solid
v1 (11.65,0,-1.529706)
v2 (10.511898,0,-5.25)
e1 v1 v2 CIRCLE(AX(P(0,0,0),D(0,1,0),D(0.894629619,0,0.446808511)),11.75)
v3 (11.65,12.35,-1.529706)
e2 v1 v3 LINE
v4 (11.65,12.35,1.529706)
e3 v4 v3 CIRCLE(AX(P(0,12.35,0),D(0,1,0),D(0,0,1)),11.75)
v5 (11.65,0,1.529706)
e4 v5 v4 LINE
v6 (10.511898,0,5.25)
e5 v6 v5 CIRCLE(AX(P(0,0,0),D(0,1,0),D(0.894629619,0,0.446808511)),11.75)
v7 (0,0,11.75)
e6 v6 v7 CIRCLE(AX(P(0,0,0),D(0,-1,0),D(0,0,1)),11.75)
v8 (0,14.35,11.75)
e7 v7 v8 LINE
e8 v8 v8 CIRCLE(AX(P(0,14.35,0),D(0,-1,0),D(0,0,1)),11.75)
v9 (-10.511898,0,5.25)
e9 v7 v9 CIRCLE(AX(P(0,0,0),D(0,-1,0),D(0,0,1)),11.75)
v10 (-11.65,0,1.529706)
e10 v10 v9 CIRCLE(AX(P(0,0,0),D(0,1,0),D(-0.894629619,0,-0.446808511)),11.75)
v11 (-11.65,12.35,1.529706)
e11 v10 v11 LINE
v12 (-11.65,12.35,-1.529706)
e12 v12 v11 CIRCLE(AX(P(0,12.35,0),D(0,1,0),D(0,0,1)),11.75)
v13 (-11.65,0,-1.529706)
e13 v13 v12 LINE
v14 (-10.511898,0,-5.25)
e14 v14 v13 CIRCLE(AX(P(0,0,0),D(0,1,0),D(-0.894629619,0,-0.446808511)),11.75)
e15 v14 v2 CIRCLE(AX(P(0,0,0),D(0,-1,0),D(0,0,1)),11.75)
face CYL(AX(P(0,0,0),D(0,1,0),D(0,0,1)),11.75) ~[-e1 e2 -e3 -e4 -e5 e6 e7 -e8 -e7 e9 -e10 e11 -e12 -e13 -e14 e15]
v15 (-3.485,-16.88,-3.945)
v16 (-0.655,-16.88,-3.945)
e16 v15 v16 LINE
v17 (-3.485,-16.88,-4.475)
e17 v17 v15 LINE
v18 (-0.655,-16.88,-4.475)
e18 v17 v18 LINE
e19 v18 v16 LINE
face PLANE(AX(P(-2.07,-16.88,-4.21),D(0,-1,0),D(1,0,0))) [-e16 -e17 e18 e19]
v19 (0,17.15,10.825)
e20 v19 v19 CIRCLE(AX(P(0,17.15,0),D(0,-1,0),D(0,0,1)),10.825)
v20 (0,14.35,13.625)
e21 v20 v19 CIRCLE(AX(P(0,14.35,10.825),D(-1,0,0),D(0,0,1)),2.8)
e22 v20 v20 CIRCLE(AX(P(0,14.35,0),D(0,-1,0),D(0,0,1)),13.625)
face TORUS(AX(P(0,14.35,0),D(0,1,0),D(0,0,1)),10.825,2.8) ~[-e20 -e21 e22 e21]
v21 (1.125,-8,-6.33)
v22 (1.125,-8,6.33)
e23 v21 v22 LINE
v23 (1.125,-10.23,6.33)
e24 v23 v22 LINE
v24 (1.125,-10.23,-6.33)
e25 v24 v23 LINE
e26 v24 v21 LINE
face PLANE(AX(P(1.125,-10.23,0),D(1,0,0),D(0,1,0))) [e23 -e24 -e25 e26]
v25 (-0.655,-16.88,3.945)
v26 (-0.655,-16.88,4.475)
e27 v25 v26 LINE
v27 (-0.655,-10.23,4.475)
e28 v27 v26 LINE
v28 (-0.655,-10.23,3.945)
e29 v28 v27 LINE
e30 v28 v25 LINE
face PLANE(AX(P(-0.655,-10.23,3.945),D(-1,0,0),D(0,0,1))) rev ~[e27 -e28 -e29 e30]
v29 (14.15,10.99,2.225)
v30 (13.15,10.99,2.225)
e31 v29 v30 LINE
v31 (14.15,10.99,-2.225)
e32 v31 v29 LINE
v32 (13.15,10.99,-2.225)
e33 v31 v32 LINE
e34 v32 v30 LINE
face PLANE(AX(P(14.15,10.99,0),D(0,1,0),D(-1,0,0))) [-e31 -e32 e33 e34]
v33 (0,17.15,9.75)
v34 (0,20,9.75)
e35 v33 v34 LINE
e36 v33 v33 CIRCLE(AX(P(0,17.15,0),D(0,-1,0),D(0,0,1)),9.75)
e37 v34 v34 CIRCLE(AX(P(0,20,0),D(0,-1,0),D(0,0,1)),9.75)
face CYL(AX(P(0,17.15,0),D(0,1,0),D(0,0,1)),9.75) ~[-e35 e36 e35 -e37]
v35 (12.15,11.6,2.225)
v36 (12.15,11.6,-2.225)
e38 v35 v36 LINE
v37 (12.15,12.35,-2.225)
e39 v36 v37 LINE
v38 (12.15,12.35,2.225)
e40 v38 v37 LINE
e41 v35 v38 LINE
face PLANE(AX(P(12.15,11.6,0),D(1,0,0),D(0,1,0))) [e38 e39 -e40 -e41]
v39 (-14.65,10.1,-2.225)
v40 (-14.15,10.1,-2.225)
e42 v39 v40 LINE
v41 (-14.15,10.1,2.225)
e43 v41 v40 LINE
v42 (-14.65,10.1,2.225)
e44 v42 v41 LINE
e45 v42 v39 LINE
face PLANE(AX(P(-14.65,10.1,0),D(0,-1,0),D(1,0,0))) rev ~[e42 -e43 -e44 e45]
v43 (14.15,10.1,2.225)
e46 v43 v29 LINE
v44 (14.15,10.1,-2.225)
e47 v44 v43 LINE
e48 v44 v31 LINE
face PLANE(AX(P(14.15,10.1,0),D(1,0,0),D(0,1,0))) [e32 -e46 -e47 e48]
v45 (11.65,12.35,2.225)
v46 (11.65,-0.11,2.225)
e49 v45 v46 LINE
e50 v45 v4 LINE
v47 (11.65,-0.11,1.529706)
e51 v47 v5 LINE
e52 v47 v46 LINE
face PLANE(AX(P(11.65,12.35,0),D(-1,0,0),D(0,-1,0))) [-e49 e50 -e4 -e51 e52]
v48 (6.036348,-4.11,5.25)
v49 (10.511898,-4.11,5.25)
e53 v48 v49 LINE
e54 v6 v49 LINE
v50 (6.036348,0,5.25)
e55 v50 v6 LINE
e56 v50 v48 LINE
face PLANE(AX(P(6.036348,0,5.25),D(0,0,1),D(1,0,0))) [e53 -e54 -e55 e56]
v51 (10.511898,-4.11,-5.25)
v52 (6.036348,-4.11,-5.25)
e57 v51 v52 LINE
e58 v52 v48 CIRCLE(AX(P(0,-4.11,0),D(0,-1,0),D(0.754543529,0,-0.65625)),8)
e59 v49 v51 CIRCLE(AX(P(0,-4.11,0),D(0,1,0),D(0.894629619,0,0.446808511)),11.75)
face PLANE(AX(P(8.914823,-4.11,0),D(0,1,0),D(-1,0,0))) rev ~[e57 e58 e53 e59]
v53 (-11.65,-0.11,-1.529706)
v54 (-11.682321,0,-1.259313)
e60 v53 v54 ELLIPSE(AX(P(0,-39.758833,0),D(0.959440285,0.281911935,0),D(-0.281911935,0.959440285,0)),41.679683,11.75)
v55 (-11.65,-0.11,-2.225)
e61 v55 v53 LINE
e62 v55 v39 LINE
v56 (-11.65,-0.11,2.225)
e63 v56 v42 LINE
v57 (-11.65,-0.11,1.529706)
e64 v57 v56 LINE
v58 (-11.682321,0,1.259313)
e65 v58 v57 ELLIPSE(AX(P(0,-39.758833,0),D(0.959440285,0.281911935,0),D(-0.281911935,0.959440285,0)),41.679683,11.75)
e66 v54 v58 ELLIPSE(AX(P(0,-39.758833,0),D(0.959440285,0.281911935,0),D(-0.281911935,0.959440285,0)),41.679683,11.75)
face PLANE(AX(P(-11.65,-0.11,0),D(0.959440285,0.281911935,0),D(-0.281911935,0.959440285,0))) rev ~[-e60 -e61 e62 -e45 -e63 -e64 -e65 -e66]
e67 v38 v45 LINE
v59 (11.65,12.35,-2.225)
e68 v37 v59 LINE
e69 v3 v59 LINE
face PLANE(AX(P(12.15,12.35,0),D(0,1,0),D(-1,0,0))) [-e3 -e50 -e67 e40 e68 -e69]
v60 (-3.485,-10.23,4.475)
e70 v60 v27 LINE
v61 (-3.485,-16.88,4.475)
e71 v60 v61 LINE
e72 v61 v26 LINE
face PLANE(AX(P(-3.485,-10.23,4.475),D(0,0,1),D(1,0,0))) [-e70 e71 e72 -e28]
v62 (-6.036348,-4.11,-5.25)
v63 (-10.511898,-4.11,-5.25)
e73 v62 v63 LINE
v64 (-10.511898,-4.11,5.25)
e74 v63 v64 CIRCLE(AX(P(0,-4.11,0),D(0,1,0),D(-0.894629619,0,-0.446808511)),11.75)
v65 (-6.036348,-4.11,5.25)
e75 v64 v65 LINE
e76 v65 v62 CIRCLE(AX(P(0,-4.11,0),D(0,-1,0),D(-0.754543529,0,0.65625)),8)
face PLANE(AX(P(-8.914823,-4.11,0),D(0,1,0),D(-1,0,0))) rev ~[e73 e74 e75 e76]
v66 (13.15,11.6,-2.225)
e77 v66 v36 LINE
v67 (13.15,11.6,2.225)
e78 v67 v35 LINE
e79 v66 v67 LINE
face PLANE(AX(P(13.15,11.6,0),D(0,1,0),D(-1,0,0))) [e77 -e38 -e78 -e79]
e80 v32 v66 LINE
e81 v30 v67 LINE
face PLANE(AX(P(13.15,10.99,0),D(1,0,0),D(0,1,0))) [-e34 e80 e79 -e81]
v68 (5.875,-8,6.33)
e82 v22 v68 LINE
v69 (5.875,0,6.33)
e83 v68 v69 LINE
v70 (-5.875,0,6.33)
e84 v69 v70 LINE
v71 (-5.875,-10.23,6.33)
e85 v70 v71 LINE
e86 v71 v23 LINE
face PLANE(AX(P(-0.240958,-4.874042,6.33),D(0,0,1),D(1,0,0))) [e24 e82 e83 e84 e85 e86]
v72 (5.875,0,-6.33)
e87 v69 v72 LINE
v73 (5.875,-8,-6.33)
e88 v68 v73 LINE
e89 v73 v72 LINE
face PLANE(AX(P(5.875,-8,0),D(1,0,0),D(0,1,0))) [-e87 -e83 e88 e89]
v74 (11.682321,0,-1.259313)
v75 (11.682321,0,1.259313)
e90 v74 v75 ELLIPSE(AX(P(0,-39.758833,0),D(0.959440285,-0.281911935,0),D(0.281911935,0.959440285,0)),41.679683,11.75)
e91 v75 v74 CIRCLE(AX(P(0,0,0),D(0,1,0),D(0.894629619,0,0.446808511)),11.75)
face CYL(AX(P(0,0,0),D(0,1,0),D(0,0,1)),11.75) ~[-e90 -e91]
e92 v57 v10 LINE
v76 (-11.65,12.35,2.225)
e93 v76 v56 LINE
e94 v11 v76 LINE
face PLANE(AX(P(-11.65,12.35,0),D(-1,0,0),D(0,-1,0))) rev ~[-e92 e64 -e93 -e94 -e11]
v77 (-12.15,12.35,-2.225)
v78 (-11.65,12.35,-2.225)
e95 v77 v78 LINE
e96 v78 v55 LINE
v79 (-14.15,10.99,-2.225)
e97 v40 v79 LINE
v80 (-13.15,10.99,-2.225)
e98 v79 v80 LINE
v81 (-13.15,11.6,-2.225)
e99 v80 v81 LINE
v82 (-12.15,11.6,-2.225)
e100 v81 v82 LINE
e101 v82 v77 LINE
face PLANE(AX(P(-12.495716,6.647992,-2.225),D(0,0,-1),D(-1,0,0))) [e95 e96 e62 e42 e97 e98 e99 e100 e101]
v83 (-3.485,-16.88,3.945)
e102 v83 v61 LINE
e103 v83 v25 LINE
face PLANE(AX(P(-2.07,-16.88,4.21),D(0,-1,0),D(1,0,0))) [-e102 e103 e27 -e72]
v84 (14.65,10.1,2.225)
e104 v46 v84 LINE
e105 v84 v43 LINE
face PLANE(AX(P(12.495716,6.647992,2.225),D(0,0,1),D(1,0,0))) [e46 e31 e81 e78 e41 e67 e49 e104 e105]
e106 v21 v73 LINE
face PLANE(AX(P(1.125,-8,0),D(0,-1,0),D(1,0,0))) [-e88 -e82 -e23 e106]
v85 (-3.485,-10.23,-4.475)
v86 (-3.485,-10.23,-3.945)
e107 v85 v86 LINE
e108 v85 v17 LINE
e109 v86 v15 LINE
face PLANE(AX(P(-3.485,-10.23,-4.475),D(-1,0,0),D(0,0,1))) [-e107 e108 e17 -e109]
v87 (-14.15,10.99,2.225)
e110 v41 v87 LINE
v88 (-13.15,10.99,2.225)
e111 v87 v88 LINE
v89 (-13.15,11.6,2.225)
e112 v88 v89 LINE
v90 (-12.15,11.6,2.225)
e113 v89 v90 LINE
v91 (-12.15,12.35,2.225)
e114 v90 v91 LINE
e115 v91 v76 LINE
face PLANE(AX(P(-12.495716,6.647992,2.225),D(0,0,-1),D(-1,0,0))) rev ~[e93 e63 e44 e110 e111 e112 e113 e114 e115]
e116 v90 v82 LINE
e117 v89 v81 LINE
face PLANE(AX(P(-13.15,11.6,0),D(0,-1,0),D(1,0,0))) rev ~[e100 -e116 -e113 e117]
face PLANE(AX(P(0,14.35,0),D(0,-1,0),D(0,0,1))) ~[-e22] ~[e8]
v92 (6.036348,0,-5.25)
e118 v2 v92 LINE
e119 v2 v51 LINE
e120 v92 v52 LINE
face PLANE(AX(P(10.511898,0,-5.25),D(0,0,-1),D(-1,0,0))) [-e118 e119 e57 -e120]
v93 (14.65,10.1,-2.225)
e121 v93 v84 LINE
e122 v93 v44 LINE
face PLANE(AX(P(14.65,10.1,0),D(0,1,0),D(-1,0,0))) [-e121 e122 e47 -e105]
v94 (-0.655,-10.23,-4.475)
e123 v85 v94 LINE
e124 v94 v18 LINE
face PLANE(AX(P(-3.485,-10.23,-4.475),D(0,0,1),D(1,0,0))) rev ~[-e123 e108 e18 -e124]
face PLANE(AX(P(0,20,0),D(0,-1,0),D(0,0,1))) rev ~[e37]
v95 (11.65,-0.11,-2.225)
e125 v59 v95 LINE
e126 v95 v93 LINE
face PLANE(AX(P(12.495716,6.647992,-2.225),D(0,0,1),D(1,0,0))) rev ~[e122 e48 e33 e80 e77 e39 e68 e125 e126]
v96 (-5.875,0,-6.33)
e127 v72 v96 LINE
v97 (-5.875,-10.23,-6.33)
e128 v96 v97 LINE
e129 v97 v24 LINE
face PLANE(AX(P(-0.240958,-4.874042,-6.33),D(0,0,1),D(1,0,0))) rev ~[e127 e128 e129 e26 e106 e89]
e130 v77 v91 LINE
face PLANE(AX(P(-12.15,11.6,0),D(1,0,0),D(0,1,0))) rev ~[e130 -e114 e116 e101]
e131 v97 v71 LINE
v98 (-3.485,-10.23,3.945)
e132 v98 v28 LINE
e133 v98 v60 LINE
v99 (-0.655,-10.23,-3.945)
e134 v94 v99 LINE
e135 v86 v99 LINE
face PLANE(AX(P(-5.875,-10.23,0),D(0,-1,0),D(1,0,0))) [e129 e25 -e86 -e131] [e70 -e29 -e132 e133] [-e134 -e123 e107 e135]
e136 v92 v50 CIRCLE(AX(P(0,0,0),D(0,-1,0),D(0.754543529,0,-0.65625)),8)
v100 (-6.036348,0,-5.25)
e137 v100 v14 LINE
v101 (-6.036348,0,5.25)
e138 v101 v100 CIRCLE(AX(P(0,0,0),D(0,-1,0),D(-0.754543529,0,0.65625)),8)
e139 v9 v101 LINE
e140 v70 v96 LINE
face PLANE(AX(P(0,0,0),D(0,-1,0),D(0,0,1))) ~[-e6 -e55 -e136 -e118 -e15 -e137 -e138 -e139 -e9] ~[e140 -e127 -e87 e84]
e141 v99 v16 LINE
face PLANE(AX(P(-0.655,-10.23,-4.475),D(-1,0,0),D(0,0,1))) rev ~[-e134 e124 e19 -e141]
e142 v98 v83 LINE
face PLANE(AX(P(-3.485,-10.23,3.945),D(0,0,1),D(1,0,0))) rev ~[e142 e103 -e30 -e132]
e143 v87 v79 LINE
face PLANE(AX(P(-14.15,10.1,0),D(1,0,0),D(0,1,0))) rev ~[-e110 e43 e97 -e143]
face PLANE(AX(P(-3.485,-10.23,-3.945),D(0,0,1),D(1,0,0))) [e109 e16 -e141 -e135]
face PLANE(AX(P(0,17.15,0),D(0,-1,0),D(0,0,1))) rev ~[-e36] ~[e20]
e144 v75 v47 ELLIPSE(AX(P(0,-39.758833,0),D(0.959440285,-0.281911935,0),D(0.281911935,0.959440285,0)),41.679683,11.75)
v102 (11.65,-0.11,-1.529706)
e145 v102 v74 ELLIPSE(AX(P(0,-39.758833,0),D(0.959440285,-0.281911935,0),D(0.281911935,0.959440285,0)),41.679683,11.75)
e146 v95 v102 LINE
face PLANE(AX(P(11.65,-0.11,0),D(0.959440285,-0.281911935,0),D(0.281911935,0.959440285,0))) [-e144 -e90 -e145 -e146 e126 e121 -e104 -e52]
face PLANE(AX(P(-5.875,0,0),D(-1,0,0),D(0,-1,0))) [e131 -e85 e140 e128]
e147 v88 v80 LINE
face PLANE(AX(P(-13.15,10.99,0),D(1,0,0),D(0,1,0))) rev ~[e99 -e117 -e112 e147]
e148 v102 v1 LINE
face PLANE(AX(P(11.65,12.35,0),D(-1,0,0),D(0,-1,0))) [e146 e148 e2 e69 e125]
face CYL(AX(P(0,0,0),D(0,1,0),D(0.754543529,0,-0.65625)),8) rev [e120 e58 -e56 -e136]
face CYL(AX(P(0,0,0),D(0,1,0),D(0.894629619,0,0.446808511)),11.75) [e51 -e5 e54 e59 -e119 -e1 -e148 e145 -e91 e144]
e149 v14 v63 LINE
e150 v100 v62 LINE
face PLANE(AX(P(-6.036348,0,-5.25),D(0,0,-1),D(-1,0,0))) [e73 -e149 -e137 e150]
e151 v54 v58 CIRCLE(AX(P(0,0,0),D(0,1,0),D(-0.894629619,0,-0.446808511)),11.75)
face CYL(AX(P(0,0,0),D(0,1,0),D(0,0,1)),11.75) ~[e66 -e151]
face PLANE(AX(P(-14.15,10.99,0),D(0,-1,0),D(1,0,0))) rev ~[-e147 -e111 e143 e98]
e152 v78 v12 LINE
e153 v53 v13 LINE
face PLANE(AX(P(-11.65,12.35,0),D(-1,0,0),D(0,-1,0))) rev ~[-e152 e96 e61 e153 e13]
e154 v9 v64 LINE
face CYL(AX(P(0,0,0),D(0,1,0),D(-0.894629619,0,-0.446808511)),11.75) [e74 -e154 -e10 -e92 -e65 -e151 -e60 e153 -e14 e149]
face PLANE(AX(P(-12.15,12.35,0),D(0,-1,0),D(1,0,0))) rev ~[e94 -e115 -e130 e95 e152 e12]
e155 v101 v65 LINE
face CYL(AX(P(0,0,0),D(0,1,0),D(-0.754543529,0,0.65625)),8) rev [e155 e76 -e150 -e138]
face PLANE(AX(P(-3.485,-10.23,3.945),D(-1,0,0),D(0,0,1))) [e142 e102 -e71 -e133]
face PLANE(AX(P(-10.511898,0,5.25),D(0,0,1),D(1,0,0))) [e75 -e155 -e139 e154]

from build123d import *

# Parameters (mm, degrees)
BOSS_EXTRUDE1_DEPTH   = 6.33
BOSS_EXTRUDE2_DEPTH   = 4.11
SKETCH4_W             = 2.83
SKETCH4_H             = 0.53
BOSS_EXTRUDE3_DEPTH   = 6.65
BOSS_EXTRUDE4_DEPTH   = 2.225
BOSS_EXTRUDE4_2_DEPTH = 2.225


with BuildPart() as part:
    # Sketch1 → Revolve1 (revolve)
    with BuildSketch(Plane.XY, mode=Mode.PRIVATE) as revolve1_sk:
        with BuildLine():
            Line((0, 0), (-11.75, 0))
            Line((-11.75, 0), (-11.75, 14.35))
            Line((-11.75, 14.35), (-13.625, 14.35))
            ThreePointArc((-13.625, 14.35), (-12.804898987, 16.329898987), (-10.825, 17.15))
            Line((-10.825, 17.15), (-9.75, 17.15))
            Line((-9.75, 17.15), (-9.75, 20))
            Line((-9.75, 20), (0, 20))
            Line((0, 20), (0, 0))
        make_face()
    revolve(revolve1_sk.sketch.rotate(Axis((0, 0, 0), (0, -1, 0)), 270), axis=Axis((0, 0, 0), (0, -1, 0)))

    # Sketch2 → Boss-Extrude1 (add, symmetric)
    with BuildSketch(Plane.XY):
        Polygon((-5.875, 0), (-5.875, -10.23), (1.125, -10.23), (1.125, -8), (5.875, -8), (5.875, 0), align=None)
    extrude(amount=BOSS_EXTRUDE1_DEPTH, both=True)

    # Sketch3 → Boss-Extrude2 (add)
    with BuildSketch(Plane.XZ):
        with BuildLine():
            Line((-10.511898021, 5.25), (-6.036348234, 5.25))
            ThreePointArc((-6.036348234, 5.25), (-8, 0), (-6.036348234, -5.25))
            Line((-6.036348234, -5.25), (-10.511898021, -5.25))
            ThreePointArc((-10.511898021, -5.25), (-11.75, 0), (-10.511898021, 5.25))
        make_face()
        with BuildLine():
            Line((10.511898021, -5.25), (6.036348234, -5.25))
            ThreePointArc((6.036348234, -5.25), (8, 0), (6.036348234, 5.25))
            Line((6.036348234, 5.25), (10.511898021, 5.25))
            ThreePointArc((10.511898021, 5.25), (11.75, 0), (10.511898021, -5.25))
        make_face()
    extrude(amount=BOSS_EXTRUDE2_DEPTH)

    # Sketch4 → Boss-Extrude3 (add)
    with BuildSketch(Plane.XZ.offset(10.23)):
        with Locations((-2.07, 4.21)):
            Rectangle(SKETCH4_W, SKETCH4_H)
        with Locations((-2.07, -4.21)):
            Rectangle(SKETCH4_W, SKETCH4_H)
    extrude(amount=BOSS_EXTRUDE3_DEPTH)


with BuildPart() as body_2:
    # Sketch5 → Boss-Extrude4 (new, symmetric)
    with BuildSketch(Plane.XY):
        Polygon((-11.65, -0.11), (-14.65, 10.1), (-14.15, 10.1), (-14.15, 10.99), (-13.15, 10.99), (-13.15, 11.6), (-12.15, 11.6), (-12.15, 12.35), (-11.65, 12.35), align=None)
    extrude(amount=BOSS_EXTRUDE4_DEPTH, both=True)


with BuildPart() as body_3:
    # Sketch5 → Boss-Extrude4 2 (new, symmetric)
    with BuildSketch(Plane.XY):
        Polygon((11.65, 12.35), (11.65, -0.11), (14.65, 10.1), (14.15, 10.1), (14.15, 10.99), (13.15, 10.99), (13.15, 11.6), (12.15, 11.6), (12.15, 12.35), align=None)
    extrude(amount=BOSS_EXTRUDE4_2_DEPTH, both=True)

    # Combine2: union body 2, part
    add(body_2.part)
    add(part.part)


solid = body_3.part
